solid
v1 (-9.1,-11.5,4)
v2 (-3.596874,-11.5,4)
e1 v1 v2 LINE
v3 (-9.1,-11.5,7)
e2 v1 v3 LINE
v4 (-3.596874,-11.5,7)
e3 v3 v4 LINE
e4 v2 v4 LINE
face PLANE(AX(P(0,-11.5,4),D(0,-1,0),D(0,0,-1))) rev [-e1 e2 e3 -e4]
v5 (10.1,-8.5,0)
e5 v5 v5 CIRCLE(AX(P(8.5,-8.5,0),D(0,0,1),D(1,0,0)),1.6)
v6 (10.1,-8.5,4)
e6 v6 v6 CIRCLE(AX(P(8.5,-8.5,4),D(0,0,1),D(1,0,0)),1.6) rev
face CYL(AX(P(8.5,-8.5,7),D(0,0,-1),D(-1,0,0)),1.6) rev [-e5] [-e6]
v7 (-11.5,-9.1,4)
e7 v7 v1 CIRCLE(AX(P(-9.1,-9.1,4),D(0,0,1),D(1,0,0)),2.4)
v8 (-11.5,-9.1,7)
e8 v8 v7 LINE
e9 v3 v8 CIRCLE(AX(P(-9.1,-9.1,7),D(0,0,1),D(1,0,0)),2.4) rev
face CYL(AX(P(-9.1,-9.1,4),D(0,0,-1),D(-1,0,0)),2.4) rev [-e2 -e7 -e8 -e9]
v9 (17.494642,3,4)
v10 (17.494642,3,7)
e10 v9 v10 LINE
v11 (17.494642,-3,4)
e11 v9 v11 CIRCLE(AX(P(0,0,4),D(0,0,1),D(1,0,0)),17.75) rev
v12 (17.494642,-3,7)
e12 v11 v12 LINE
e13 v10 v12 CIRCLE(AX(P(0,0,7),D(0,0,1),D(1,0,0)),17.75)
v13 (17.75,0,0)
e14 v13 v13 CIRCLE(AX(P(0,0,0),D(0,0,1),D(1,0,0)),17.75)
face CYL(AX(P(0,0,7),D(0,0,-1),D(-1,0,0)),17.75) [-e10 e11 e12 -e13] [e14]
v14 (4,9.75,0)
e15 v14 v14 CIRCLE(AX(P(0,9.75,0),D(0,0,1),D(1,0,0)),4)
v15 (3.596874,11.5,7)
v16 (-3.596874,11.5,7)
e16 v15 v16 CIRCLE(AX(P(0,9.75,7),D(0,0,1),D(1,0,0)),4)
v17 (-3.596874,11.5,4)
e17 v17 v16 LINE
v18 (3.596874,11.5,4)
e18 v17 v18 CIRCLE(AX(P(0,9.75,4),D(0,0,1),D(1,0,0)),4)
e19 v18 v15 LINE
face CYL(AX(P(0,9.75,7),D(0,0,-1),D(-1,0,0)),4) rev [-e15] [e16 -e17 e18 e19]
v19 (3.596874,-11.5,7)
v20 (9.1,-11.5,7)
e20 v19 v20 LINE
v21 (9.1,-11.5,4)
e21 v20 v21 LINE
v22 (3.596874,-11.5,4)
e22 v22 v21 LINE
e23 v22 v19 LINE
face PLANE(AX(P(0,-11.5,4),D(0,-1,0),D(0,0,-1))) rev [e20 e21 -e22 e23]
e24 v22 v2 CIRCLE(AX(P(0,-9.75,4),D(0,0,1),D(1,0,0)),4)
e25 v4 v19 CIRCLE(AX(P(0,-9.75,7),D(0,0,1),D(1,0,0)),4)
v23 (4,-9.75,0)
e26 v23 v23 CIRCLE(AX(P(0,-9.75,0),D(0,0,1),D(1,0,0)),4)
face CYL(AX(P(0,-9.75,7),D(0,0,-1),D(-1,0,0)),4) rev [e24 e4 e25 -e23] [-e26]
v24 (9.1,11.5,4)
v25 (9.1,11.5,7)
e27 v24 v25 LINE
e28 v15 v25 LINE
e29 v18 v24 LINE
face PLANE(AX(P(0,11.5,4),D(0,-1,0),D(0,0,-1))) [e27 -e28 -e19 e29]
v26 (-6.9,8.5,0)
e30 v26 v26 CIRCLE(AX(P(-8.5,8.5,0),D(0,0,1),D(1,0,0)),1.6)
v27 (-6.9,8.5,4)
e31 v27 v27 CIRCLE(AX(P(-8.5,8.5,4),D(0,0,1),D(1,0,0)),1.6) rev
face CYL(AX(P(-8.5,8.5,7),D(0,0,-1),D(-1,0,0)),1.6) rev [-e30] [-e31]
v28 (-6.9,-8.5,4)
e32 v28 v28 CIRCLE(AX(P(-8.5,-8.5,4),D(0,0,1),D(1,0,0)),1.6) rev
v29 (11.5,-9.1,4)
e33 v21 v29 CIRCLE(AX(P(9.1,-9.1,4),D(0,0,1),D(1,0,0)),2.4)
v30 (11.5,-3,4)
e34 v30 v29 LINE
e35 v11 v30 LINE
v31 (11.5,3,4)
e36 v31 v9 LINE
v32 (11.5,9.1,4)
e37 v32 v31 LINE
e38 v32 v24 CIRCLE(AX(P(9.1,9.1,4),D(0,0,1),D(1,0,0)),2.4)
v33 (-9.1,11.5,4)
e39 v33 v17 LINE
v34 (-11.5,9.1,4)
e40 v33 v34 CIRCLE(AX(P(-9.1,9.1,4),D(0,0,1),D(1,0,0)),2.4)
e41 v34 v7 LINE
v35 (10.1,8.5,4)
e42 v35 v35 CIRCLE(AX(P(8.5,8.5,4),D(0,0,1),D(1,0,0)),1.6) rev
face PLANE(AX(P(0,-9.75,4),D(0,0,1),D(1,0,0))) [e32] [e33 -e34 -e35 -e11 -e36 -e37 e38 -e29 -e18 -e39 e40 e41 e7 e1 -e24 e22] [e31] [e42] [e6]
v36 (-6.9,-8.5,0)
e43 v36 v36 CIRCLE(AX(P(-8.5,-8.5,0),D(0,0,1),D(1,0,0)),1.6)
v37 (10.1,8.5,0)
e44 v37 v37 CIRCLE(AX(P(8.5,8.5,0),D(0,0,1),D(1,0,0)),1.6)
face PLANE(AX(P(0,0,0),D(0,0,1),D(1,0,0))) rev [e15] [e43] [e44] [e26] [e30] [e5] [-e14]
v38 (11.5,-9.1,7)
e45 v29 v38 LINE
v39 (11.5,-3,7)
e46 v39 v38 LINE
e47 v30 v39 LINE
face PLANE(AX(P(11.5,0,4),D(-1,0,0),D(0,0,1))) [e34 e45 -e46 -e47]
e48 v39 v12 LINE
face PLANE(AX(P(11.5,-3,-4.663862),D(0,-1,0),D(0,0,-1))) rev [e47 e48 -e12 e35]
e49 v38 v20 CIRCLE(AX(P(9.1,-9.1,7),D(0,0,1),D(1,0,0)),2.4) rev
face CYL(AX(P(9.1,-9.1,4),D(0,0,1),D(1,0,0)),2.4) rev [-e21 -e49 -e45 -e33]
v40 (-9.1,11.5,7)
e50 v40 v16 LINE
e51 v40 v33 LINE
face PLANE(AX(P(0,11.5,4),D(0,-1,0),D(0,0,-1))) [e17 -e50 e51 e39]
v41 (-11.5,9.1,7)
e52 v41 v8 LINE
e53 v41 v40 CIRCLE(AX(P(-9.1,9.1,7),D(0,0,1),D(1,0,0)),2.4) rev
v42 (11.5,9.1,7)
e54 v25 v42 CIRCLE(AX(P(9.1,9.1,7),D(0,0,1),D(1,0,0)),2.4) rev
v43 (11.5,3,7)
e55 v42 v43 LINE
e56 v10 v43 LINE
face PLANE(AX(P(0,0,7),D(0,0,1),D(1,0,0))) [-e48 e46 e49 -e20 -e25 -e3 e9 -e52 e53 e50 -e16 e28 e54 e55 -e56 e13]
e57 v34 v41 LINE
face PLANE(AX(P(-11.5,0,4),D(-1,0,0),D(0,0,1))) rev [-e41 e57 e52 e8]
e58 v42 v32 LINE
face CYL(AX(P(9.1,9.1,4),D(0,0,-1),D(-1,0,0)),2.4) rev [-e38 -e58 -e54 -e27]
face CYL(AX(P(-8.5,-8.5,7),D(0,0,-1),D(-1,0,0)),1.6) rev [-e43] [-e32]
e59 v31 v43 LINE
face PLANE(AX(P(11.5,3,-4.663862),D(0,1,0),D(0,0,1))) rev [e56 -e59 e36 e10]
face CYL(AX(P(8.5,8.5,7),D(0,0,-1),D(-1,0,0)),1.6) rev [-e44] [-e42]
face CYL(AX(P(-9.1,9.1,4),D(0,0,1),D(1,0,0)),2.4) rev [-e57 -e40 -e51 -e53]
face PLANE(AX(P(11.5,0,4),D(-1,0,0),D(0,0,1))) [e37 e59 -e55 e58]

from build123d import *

# Parameters (mm, degrees)
SKETCH1_R           = 17.75
SKETCH1_R_2         = 4
BOSS_EXTRUDE1_DEPTH = 7
CUT_EXTRUDE1_START  = 7
SKETCH1_3_W         = 23
SKETCH1_3_H         = 23
SKETCH1_3_R         = 1.6
CUT_EXTRUDE1_DEPTH  = 3
SKETCH1_4_R         = 1.6
CUT_EXTRUDE3_DEPTH  = 27.060026861
CUT_EXTRUDE4_START  = -3
CUT_EXTRUDE4_DEPTH  = 3
FILLET1_R           = 2.4


with BuildPart() as part:
    # Sketch1 → Boss-Extrude1 (new body)
    with BuildSketch(Plane(origin=(0, 0, 0), x_dir=(0, 1, 0), z_dir=(0, 0, 1))):
        with Locations(Location((0, 0, 0), (0, 0, 270))):
            Circle(SKETCH1_R)
        with Locations(Location((9.75, 0, 0), (0, 0, 270))):
            Circle(SKETCH1_R_2, mode=Mode.SUBTRACT)
        with Locations(Location((-9.75, 0, 0), (0, 0, 270))):
            Circle(SKETCH1_R_2, mode=Mode.SUBTRACT)
    extrude(amount=BOSS_EXTRUDE1_DEPTH)

    # Sketch1<3> → Cut-Extrude1 (cut)
    # profile 1 of 5: a face of its own
    with BuildSketch(Plane(origin=(0, 0, 0), x_dir=(0, 1, 0), z_dir=(0, 0, 1)).offset(CUT_EXTRUDE1_START)):
        Rectangle(SKETCH1_3_W, SKETCH1_3_H)
        with Locations((-8.5, -8.5)):
            Circle(SKETCH1_3_R, mode=Mode.SUBTRACT)
        with Locations((8.5, -8.5)):
            Circle(SKETCH1_3_R, mode=Mode.SUBTRACT)
        with Locations((8.5, 8.5)):
            Circle(SKETCH1_3_R, mode=Mode.SUBTRACT)
        with Locations((-8.5, 8.5)):
            Circle(SKETCH1_3_R, mode=Mode.SUBTRACT)
    # profile 2 of 5: a face of its own
    with BuildSketch(Plane(origin=(0, 0, 0), x_dir=(0, 1, 0), z_dir=(0, 0, 1)).offset(CUT_EXTRUDE1_START)):
        with Locations((-8.5, 8.5)):
            Circle(SKETCH1_3_R)
    # profile 3 of 5: a face of its own
    with BuildSketch(Plane(origin=(0, 0, 0), x_dir=(0, 1, 0), z_dir=(0, 0, 1)).offset(CUT_EXTRUDE1_START)):
        with Locations((8.5, 8.5)):
            Circle(SKETCH1_3_R)
    # profile 4 of 5: a face of its own
    with BuildSketch(Plane(origin=(0, 0, 0), x_dir=(0, 1, 0), z_dir=(0, 0, 1)).offset(CUT_EXTRUDE1_START)):
        with Locations((-8.5, -8.5)):
            Circle(SKETCH1_3_R)
    # profile 5 of 5: a face of its own
    with BuildSketch(Plane(origin=(0, 0, 0), x_dir=(0, 1, 0), z_dir=(0, 0, 1)).offset(CUT_EXTRUDE1_START)):
        with Locations((8.5, -8.5)):
            Circle(SKETCH1_3_R)
    extrude(amount=-CUT_EXTRUDE1_DEPTH, mode=Mode.SUBTRACT)

    # Sketch1<4> → Cut-Extrude3 (cut, through all)
    with BuildSketch(Plane(origin=(0, 0, 0), x_dir=(0, 1, 0), z_dir=(0, 0, 1))):
        with Locations(Location((-8.5, -8.5, 0), (0, 0, 270))):
            Circle(SKETCH1_4_R)
        with Locations(Location((8.5, -8.5, 0), (0, 0, 270))):
            Circle(SKETCH1_4_R)
        with Locations(Location((8.5, 8.5, 0), (0, 0, 270))):
            Circle(SKETCH1_4_R)
        with Locations(Location((-8.5, 8.5, 0), (0, 0, 270))):
            Circle(SKETCH1_4_R)
    extrude(amount=CUT_EXTRUDE3_DEPTH, mode=Mode.SUBTRACT)

    # Sketch2 → Cut-Extrude4 (cut)
    with BuildSketch(Plane.XY.offset(7).offset(CUT_EXTRUDE4_START)):
        with BuildLine():
            Line((11.5, 3), (17.494642037, 3))
            ThreePointArc((17.494642037, 3), (17.75, 0), (17.494642037, -3))
            Line((17.494642037, -3), (11.5, -3))
            Line((11.5, -3), (11.5, 3))
        make_face()
    extrude(amount=CUT_EXTRUDE4_DEPTH, mode=Mode.SUBTRACT)

    # Fillet1
    fillet1_edges = [part.edges().sort_by_distance(p)[0] for p in [
        (-11.5, -11.5, 5.5),
        (-11.5, 11.5, 5.5),
        (11.5, 11.5, 5.5),
        (11.5, -11.5, 5.5),
    ]]
    fillet(fillet1_edges, radius=FILLET1_R)


solid = part.part
